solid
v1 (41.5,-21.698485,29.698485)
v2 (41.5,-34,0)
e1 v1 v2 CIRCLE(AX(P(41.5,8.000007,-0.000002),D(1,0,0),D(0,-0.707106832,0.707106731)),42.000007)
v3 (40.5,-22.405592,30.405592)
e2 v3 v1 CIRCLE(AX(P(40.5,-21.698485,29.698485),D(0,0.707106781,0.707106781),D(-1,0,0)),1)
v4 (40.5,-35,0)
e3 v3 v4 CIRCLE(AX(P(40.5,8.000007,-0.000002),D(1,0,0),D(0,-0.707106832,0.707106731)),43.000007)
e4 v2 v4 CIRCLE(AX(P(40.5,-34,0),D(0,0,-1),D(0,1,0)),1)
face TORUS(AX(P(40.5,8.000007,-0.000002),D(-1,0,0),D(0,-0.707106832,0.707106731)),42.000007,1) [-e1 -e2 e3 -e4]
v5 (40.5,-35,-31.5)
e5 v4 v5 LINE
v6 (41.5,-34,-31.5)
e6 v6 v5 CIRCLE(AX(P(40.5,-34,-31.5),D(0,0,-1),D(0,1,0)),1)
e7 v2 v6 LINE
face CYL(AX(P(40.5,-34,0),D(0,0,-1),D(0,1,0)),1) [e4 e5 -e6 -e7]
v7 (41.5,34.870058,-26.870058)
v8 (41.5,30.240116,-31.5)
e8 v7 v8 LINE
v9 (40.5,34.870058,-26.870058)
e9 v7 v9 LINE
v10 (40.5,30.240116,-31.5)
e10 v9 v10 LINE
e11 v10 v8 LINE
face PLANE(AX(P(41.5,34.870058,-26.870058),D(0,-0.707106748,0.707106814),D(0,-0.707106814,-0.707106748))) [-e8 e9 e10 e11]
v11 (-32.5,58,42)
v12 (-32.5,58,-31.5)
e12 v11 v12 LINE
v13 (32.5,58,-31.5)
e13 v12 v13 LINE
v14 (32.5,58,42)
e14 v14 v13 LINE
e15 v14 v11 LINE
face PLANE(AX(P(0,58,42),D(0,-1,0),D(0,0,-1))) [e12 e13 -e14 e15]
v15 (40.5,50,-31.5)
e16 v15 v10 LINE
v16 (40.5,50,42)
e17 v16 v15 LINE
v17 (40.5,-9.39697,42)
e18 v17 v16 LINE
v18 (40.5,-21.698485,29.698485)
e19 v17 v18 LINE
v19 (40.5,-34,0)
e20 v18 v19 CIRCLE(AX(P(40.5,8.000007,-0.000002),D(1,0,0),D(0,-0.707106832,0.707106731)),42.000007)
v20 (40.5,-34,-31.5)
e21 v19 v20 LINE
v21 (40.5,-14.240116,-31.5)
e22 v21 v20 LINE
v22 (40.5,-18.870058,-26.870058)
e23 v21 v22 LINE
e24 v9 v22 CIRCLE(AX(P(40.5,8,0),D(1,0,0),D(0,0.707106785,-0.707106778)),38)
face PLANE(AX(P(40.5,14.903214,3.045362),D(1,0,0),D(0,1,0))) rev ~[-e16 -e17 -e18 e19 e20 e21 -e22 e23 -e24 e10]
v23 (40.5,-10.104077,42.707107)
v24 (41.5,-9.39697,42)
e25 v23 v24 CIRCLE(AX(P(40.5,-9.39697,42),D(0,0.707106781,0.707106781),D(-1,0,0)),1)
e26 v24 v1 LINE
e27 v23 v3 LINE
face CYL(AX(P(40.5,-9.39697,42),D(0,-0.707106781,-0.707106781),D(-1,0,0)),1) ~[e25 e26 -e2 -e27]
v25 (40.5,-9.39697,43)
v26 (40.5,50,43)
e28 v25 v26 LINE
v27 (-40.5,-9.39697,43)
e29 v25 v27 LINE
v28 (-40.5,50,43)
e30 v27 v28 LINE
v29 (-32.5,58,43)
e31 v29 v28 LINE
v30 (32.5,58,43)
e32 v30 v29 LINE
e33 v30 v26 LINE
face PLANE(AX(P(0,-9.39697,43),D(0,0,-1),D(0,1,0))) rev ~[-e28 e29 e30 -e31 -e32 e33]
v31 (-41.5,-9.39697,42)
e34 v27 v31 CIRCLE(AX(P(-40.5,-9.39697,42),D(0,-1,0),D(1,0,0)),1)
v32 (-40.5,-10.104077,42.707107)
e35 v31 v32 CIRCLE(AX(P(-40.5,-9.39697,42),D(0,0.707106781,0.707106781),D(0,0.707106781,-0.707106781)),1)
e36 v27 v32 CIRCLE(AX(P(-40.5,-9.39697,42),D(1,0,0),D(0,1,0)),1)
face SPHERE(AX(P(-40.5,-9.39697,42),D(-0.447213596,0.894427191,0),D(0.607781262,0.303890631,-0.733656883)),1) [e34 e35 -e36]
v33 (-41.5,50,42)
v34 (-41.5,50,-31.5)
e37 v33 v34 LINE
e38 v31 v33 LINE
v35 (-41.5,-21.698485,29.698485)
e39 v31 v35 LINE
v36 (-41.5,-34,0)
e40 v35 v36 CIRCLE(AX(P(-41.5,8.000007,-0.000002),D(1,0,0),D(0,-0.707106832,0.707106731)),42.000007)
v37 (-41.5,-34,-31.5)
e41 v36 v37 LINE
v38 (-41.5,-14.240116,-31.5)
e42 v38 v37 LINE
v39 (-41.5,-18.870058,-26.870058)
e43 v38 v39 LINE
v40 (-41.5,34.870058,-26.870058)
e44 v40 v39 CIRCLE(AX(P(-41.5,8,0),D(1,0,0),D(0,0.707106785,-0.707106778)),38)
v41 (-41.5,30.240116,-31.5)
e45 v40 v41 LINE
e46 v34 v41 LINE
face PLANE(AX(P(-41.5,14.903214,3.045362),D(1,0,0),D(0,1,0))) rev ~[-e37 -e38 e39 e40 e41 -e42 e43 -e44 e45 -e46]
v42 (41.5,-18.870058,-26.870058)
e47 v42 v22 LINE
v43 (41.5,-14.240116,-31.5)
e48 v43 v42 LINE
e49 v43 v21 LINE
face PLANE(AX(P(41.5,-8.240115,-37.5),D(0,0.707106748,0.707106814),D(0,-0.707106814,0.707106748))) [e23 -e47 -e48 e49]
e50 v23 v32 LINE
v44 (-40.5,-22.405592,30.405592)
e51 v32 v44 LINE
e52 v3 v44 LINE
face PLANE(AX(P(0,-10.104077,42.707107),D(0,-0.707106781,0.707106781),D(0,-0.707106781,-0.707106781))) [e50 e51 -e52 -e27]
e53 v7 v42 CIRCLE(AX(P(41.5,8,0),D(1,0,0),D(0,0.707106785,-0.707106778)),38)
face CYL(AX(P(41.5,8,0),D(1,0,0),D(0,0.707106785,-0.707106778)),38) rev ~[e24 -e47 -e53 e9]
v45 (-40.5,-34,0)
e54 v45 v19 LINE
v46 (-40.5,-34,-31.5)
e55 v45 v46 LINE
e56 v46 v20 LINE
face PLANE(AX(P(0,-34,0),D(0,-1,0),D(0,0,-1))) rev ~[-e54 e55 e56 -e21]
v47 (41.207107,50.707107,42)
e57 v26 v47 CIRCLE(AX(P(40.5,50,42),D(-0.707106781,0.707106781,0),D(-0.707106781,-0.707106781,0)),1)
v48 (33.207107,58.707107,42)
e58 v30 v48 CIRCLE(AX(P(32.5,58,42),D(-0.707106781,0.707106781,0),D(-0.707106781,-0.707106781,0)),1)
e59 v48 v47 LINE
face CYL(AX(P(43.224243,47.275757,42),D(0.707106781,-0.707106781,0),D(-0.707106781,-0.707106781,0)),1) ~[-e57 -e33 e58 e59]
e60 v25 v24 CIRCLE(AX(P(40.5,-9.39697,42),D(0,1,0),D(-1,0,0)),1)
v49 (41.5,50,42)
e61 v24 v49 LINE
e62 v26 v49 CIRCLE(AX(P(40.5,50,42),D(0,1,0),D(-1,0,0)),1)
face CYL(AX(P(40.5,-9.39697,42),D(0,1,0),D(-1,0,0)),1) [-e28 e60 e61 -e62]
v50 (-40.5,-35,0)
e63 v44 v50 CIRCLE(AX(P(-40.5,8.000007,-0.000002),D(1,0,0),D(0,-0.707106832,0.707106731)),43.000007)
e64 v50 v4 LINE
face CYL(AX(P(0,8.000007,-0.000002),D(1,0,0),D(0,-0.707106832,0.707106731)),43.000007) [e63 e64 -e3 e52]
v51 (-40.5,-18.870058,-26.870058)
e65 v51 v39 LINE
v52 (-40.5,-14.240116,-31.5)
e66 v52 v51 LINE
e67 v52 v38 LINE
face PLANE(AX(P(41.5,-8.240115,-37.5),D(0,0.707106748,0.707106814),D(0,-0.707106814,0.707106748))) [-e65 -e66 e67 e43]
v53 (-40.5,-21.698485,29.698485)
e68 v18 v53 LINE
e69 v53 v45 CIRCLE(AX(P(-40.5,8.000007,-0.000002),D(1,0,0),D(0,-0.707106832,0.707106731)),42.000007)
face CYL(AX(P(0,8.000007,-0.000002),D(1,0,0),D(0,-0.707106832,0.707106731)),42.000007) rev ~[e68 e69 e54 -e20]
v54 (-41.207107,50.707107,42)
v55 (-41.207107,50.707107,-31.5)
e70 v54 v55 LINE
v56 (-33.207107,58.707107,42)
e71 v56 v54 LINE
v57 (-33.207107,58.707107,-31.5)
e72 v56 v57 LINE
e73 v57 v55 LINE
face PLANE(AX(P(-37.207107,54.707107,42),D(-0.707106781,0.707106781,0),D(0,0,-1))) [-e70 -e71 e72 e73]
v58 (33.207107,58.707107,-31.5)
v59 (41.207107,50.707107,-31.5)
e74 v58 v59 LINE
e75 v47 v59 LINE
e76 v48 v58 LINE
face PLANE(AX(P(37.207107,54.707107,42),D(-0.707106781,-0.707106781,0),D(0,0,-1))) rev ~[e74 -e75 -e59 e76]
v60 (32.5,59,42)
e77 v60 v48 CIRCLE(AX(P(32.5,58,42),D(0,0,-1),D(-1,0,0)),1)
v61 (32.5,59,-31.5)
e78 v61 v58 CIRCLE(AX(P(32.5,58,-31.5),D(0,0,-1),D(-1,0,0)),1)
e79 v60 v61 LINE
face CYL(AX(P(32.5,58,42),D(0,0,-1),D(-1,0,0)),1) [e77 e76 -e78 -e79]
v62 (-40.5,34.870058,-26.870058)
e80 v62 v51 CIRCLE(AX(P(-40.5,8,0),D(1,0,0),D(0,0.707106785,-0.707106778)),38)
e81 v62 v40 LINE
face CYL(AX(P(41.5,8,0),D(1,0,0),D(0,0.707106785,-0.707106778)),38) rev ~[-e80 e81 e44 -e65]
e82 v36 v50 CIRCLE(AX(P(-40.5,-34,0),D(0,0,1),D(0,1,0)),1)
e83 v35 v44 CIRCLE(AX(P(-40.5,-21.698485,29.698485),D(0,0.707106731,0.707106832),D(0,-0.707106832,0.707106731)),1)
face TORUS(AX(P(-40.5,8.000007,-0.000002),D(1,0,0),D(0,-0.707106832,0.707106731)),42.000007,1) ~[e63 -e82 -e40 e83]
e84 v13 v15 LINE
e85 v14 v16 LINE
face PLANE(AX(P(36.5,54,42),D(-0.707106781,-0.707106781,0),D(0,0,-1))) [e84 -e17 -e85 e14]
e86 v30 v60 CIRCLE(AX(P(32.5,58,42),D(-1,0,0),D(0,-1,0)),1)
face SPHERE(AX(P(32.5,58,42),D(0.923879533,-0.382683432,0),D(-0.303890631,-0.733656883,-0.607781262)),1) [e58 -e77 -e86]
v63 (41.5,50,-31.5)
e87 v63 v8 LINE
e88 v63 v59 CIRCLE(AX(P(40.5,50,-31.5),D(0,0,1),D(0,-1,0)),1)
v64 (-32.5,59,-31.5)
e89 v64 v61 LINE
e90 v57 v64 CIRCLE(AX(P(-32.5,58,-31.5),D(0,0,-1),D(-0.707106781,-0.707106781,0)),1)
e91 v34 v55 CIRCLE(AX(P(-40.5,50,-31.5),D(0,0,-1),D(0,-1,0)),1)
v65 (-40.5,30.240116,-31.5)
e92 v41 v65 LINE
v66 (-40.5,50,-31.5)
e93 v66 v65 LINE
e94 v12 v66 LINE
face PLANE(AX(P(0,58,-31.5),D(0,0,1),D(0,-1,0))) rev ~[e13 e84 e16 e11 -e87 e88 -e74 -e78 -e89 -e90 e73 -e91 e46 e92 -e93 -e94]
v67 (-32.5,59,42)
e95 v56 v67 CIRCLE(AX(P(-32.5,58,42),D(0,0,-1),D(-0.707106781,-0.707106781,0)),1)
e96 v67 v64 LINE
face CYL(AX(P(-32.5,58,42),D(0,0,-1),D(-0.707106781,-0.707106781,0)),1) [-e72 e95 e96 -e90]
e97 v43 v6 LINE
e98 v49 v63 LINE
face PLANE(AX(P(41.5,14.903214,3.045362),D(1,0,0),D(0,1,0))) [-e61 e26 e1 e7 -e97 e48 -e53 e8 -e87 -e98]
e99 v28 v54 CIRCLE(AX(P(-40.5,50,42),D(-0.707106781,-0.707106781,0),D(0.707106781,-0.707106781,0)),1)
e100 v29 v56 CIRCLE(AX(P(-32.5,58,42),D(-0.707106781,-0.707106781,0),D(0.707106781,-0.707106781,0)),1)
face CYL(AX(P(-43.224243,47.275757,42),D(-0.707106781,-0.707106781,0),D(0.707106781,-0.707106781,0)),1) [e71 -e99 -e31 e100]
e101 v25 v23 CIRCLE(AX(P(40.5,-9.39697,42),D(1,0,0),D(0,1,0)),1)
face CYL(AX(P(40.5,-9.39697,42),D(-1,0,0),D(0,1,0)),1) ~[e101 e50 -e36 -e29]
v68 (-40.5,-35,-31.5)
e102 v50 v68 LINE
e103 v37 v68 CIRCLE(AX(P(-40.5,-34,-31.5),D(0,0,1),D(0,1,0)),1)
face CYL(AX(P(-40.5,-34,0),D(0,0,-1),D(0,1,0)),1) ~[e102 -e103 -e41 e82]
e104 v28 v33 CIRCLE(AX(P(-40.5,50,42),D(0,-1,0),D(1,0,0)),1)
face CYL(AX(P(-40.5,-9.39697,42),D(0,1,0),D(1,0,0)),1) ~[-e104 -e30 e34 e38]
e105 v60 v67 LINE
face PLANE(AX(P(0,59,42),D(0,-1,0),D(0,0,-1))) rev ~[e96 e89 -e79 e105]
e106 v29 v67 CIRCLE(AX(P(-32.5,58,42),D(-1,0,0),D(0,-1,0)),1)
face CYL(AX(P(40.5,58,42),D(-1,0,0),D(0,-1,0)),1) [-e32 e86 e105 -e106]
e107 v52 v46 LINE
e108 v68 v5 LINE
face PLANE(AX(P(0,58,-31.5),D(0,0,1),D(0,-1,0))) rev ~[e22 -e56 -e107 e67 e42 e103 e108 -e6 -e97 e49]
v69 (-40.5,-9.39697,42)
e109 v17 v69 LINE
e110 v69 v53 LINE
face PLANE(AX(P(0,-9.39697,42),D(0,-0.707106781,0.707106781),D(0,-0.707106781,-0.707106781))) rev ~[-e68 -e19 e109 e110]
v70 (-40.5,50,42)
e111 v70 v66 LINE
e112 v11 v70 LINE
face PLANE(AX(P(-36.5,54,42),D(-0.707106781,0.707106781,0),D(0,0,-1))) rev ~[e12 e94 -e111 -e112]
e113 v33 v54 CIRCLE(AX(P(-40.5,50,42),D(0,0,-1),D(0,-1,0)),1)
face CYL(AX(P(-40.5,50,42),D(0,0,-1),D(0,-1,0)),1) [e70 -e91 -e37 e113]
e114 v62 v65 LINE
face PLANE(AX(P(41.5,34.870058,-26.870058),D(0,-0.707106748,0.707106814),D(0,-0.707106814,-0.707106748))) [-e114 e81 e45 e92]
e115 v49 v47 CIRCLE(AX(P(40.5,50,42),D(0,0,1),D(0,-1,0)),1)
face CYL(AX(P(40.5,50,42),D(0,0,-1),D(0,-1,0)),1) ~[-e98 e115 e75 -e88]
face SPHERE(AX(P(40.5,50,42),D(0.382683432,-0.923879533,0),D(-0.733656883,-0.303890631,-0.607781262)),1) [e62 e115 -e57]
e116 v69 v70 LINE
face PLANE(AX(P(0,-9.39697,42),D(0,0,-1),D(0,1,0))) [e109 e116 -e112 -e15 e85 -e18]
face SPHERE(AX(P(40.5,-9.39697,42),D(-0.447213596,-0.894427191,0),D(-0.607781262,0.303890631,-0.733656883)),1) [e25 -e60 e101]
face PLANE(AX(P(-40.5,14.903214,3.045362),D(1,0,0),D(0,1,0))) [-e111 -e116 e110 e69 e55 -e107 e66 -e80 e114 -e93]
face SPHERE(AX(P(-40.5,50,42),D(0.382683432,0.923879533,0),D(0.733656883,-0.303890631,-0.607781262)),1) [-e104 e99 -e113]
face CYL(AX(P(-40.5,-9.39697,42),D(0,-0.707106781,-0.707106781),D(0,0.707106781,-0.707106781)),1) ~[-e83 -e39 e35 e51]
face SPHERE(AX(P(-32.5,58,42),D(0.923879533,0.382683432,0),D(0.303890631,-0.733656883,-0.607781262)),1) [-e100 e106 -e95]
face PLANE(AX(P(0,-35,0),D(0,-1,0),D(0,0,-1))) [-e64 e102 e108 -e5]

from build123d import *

# Parameters (mm, degrees)
PAD006_DEPTH    = 40.5
CHAMFER017_SIZE = 8
THICKNESS_T     = 1
POCKET015_DEPTH = 83.001


with BuildPart() as part:
    # Sketch022 → Pad006 (new body, symmetric)
    with BuildSketch(Plane.YZ):
        with BuildLine():
            ThreePointArc((-21.698485, 29.698485), (-30.80294, 16.072704), (-34, 0))
            Line((-34, 0), (-34, -31.5))
            Line((58, -31.5), (-34, -31.5))
            Line((58, 42), (58, -31.5))
            Line((-9.39697, 42), (58, 42))
            Line((-9.39697, 42), (-21.698485, 29.698485))
        make_face()
    extrude(amount=PAD006_DEPTH, both=True)

    # Chamfer017
    chamfer017_edges = [part.edges().sort_by_distance(p)[0] for p in [
        (-40.5, 58, 5.25),
        (40.5, 58, 5.25),
    ]]
    chamfer(chamfer017_edges, length=CHAMFER017_SIZE)

    # Thickness
    thickness_openings = [part.faces().sort_by_distance(p)[0] for p in [
        (0, 11.624616, -31.5),
    ]]
    offset(amount=THICKNESS_T, openings=thickness_openings)

    # Sketch023 → Pocket015 (cut, through all)
    with BuildSketch(Plane.YZ.offset(41.5)):
        with BuildLine():
            ThreePointArc((34.870058, -26.870058), (8, 38), (-18.870058, -26.870058))
            Line((-8.240115, -37.5), (-18.870058, -26.870058))
            Line((24.240115, -37.5), (-8.240115, -37.5))
            Line((34.870058, -26.870058), (24.240115, -37.5))
        make_face()
    extrude(amount=-POCKET015_DEPTH, mode=Mode.SUBTRACT)


solid = part.part
